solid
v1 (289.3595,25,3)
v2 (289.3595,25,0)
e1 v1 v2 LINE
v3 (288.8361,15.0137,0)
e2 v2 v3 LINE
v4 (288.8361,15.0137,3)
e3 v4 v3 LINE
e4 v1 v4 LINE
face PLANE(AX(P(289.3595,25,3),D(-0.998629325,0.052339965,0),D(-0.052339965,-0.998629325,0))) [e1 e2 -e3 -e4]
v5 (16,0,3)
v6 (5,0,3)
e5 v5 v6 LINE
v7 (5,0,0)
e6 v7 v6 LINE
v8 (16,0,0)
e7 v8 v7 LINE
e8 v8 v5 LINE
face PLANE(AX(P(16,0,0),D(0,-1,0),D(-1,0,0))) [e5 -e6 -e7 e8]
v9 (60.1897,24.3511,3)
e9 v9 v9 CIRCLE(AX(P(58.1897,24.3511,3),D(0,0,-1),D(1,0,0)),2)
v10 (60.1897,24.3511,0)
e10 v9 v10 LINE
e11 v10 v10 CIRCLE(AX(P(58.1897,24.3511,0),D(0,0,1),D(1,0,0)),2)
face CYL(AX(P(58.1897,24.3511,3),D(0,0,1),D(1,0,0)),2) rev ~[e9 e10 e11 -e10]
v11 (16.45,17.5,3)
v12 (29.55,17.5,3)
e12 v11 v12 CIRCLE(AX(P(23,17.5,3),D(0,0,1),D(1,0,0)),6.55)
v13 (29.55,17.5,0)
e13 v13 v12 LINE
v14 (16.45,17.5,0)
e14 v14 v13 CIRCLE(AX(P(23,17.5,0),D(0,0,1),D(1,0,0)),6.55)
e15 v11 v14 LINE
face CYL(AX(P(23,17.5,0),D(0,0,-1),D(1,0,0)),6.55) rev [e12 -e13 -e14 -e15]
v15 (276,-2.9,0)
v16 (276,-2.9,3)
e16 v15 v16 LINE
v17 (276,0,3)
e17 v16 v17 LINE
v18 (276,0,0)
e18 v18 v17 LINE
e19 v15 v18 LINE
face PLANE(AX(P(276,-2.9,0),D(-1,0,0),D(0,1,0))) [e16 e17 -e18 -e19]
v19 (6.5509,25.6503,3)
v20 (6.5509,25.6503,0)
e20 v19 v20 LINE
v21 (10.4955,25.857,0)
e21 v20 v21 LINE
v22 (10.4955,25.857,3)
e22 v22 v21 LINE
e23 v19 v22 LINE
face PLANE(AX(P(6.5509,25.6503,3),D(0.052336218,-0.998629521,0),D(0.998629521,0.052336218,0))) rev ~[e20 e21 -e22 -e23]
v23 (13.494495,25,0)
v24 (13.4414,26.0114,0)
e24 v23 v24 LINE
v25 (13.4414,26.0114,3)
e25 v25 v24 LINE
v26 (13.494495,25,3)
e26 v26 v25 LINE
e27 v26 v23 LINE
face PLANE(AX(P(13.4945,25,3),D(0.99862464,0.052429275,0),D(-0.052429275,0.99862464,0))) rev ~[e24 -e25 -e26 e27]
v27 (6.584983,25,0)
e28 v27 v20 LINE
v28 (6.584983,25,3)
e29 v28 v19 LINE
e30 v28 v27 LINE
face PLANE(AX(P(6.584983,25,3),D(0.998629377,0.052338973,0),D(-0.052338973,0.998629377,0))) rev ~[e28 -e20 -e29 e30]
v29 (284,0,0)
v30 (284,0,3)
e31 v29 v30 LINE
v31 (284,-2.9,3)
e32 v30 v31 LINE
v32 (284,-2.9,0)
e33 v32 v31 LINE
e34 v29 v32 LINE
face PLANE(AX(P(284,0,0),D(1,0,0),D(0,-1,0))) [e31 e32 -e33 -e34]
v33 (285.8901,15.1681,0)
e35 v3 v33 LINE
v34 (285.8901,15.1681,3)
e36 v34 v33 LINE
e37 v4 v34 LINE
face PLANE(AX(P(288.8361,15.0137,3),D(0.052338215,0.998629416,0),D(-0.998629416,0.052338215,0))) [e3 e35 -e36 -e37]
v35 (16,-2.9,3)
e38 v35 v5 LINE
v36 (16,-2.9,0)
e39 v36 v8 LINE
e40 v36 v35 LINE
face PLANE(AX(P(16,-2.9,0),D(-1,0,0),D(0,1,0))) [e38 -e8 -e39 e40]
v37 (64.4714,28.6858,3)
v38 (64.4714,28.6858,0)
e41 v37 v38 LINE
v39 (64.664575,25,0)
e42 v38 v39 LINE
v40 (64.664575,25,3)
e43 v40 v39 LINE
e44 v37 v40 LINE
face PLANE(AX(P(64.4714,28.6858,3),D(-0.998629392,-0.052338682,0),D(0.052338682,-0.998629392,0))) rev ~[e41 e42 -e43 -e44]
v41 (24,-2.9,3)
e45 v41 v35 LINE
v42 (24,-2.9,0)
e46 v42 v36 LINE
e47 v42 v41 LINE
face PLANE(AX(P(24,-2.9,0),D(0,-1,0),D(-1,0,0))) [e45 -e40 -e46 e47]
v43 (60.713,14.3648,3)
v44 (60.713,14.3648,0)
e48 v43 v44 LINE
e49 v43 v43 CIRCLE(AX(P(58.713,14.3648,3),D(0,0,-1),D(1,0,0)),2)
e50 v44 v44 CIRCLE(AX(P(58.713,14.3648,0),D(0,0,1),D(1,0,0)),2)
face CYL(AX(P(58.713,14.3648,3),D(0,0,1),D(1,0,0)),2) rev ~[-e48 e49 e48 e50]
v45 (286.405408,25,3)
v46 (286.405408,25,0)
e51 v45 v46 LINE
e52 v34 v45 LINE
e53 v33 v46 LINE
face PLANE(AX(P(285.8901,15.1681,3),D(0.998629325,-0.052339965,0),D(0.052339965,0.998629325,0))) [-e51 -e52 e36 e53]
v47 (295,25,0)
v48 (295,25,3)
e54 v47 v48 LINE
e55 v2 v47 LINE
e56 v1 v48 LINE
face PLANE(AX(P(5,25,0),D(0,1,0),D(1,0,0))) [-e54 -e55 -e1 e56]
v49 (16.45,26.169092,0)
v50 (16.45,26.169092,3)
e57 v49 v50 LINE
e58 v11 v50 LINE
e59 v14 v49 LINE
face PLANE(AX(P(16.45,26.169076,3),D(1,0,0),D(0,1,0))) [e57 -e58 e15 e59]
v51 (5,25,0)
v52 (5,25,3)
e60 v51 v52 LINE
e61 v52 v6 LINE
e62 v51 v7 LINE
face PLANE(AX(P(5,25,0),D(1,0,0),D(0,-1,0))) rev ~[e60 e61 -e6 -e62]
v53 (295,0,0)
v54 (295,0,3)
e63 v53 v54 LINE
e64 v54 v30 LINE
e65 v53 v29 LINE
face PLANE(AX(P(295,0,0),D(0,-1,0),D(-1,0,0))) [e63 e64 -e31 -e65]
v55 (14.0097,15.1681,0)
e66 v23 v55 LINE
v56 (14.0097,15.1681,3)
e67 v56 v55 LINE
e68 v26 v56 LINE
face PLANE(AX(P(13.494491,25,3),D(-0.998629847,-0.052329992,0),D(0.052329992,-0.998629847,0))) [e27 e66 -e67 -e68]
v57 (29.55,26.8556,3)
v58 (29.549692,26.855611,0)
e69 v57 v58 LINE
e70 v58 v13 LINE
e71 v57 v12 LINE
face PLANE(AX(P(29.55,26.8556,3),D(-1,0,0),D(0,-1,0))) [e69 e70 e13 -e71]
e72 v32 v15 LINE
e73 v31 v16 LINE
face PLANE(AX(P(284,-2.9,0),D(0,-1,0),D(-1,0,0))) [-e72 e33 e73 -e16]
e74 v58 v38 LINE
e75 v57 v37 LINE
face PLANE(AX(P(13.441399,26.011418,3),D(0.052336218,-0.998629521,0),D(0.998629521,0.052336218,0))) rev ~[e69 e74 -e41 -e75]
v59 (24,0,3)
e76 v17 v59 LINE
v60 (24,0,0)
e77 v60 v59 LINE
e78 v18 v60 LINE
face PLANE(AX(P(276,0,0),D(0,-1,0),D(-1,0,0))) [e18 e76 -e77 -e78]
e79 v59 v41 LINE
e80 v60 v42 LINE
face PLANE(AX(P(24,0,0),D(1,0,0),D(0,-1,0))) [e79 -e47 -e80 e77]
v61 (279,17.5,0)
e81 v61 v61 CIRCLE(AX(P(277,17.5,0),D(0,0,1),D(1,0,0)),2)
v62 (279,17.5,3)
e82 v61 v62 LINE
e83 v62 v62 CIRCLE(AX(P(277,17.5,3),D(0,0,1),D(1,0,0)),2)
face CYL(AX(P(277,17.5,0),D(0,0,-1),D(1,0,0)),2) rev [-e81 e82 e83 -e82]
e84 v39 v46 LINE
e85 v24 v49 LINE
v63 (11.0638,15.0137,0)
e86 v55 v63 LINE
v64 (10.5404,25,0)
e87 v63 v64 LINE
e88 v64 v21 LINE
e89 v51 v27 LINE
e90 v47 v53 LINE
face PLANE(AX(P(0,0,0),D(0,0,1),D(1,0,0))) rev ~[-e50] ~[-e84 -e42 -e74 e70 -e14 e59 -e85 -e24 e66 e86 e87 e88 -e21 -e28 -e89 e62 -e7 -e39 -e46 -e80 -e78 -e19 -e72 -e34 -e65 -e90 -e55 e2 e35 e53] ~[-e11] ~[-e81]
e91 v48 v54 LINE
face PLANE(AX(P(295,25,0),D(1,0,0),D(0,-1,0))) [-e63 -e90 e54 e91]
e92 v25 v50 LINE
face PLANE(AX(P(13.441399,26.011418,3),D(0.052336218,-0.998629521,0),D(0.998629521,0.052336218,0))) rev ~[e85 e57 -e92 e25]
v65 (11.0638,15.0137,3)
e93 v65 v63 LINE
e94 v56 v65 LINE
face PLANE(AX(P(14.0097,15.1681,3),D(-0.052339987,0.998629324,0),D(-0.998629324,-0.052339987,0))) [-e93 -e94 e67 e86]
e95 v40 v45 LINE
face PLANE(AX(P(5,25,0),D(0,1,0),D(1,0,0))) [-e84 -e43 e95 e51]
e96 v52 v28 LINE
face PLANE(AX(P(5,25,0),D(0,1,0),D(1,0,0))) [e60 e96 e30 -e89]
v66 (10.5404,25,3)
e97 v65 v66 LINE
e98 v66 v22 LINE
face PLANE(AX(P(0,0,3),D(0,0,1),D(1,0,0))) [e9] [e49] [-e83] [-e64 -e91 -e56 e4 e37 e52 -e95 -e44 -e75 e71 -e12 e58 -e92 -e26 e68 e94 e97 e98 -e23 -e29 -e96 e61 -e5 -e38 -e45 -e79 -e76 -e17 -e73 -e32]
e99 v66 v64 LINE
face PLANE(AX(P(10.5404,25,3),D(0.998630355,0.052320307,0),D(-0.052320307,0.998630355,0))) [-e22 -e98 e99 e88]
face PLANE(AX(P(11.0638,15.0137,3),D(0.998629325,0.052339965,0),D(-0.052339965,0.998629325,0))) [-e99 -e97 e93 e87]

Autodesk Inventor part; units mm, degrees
ref_plane "YZ Plane" through (0, 0, 0) normal (1, 0, 0) x (0, 1, 0)
ref_plane "XZ Plane" through (0, 0, 0) normal (0, 1, 0) x (-1, 0, 0)
sketch "草圖1" plane through (0, 0, 0) normal (0, 0, 1) x (1, 0, 0)
  line L0 (0, 25) -> (300, 25)
  line L1 (300, 25) -> (300, 0)
  line L2 (300, 0) -> (0, 0)
  line L3 (0, 0) -> (0, 25)
  circle A0 centre (23, 17.5) radius 6.55
  circle A1 centre (277, 17.5) radius 2
  line L4 (16, 0) -> (24, 0)
  line L5 (24, 0) -> (24, -2.9)
  line L6 (24, -2.9) -> (16, -2.9)
  line L7 (16, -2.9) -> (16, 0)
  line L8 (276, 0) -> (284, 0)
  line L9 (284, 0) -> (284, -2.9)
  line L10 (284, -2.9) -> (276, -2.9)
  line L11 (276, -2.9) -> (276, 0)
  line L12 (0, 25) -> (5, 25)
  line L13 (5, 25) -> (5, 0)
  line L14 (5, 0) -> (0, 0)
  line L15 (0, 0) -> (0, 25)
  line L16 (300, 25) -> (295, 25)
  line L17 (295, 25) -> (295, 0)
  line L18 (295, 0) -> (300, 0)
  line L19 (300, 0) -> (300, 25)
  line L20 (24, -1.45) -> (276, -1.45) construction
  point P0 (16, -1.45)
  point P1 (284, -1.45)
  point P2 (284, 0)
  point P3 (24, 0)
  point P4 (150, -1.45)
  point P5 (150, 0)
  dimension "d0" = 300
  dimension "d1" = 25
  dimension "d2" = 7.5
  dimension "d3" = 13.1
  dimension "d4" = 23
  dimension "d5" = 23
  dimension "d6" = 7.5
  dimension "d7" = 4
  dimension "d12" = 8
  dimension "d13" = 2.9
  dimension "d14" = 8
  dimension "d30" = 5
  dimension "d31" = 5
  dimension "d32" = 252
extrude "擠出1" add sketch "草圖1" along normal blind 3 contours L0 L17 L2 L13 | L2 L5 L6 L7 | L9 L10 L11 L2
sketch "草圖2" plane through (0, 0, 3) normal (0, 0, 1) x (1, 0, 0)
  line L0 (10.5404, 25) -> (13.4864, 25.1544)
  line L1 (13.4864, 25.1544) -> (14.0097, 15.1681)
  line L2 (14.0097, 15.1681) -> (11.0638, 15.0137)
  line L3 (11.0638, 15.0137) -> (10.5404, 25)
  line L4 (295, 25) -> (5, 25) projected
  line L5 (16.048, 25) -> (29.13, 25.6856)
  line L6 (29.13, 25.6856) -> (30.1465, 6.2887)
  line L7 (30.1465, 6.2887) -> (17.0645, 5.6031)
  line L8 (17.0645, 5.6031) -> (16.048, 25)
  circle A0 centre (23, 17.5) radius 6.55 projected
  line L9 (14.0097, 15.1681) -> (16.5562, 15.3016)
  line L10 (286.4135, 25.1544) -> (289.3595, 25)
  line L11 (289.3595, 25) -> (288.8361, 15.0137)
  line L12 (288.8361, 15.0137) -> (285.8901, 15.1681)
  line L13 (285.8901, 15.1681) -> (286.4135, 25.1544)
  line L14 (275.2453, 22.2337) -> (279.2399, 22.0243)
  line L15 (279.2399, 22.0243) -> (278.6818, 11.3762)
  line L16 (278.6818, 11.3762) -> (274.6873, 11.5855)
  line L17 (274.6873, 11.5855) -> (275.2453, 22.2337)
  circle A1 centre (277, 17.5) radius 2 projected
  line L18 (285.8901, 15.1681) -> (278.8997, 15.5344)
  point P0 (0, 0)
  point P1 (300, 25)
  point P2 (0, 25)
  point P3 (286.4054, 25)
  point P4 (13.4945, 25)
  dimension "d16" = 2.95
  dimension "d18" = 10
  dimension "d19" = 87
  dimension "d20" = 87
  dimension "d22" = 87
  dimension "d23" = 87
  dimension "d24" = 2.95
  dimension "d25" = 10
  dimension "d33" = 9.1
  dimension "d34" = 9
extrude "擠出2" cut sketch "草圖2" against normal up to surface (3 mm away) contours L4 L11 L12 L13 | L4 L1 L2 L3
sketch "草圖7" plane through (0, 0, 3) normal (0, 0, 1) x (1, 0, 0)
  line L0 (64.4714, 28.6858) -> (65.4135, 10.7104)
  line L1 (65.4135, 10.7104) -> (7.493, 7.675)
  line L2 (7.493, 7.675) -> (6.5509, 25.6503)
  line L3 (6.5509, 25.6503) -> (64.4714, 28.6858)
  line L4 (13.4945, 25) -> (14.0097, 15.1681) projected
  circle A0 centre (23, 17.5) radius 6.55 projected
  line L5 (285.8901, 15.1681) -> (286.4054, 25) projected
  line L6 (286.4054, 25) -> (13.4945, 25) projected
  line L7 (13.4945, 25) -> (14.0097, 15.1681) projected
  line L8 (14.0097, 15.1681) -> (11.0638, 15.0137) projected
  line L9 (11.0638, 15.0137) -> (10.5404, 25) projected
  line L10 (10.5404, 25) -> (5, 25) projected
  line L11 (5, 25) -> (5, 0) projected
  line L12 (5, 0) -> (16, 0) projected
  line L13 (16, 0) -> (16, -2.9) projected
  line L14 (16, -2.9) -> (24, -2.9) projected
  line L15 (24, -2.9) -> (24, 0) projected
  line L16 (24, 0) -> (276, 0) projected
  line L17 (276, 0) -> (276, -2.9) projected
  line L18 (276, -2.9) -> (284, -2.9) projected
  line L19 (284, -2.9) -> (284, 0) projected
  line L20 (284, 0) -> (295, 0) projected
  line L21 (295, 0) -> (295, 25) projected
  line L22 (295, 25) -> (289.3595, 25) projected
  line L23 (289.3595, 25) -> (288.8361, 15.0137) projected
  line L24 (288.8361, 15.0137) -> (285.8901, 15.1681) projected
  circle A1 centre (23, 17.5) radius 6.55 projected
  circle A2 centre (277, 17.5) radius 2 projected
  line L25 (13.4945, 25) -> (13.4414, 26.0114)
  line L26 (10.5404, 25) -> (11.0638, 15.0137) projected
  line L27 (10.5404, 25) -> (10.4955, 25.857)
  point P0 (0, 0)
  point P1 (64.6646, 25)
  point P2 (6.585, 25)
  dimension "d50" = 42
  dimension "d51" = 16
  dimension "d52" = 18
  dimension "d53" = 9
extrude "擠出5" add sketch "草圖7" against normal up to surface (3 mm away) contours L0 L6 L25 L3 | L27 L10 L2 L3
sketch "草圖9" plane through (0, 0, 3) normal (0, 0, 1) x (1, 0, 0)
  line L0 (10.4955, 25.857) -> (6.5509, 25.6503) projected
  line L1 (6.5509, 25.6503) -> (64.4714, 28.6858)
  line L2 (64.4714, 28.6858) -> (65.4135, 10.7104)
  line L3 (65.4135, 10.7104) -> (7.493, 7.675)
  line L4 (7.493, 7.675) -> (6.5509, 25.6503)
  circle A0 centre (58.1897, 24.3511) radius 2
  circle A1 centre (58.713, 14.3648) radius 2
  line L5 (58.1897, 24.3511) -> (58.713, 14.3648)
  line L6 (58.4513, 19.3579) -> (64.9424, 19.6981)
  circle A2 centre (23, 17.5) radius 6.55 projected
  point P0 (0, 0)
  dimension "d60" = 18
  dimension "d64" = 4
  dimension "d66" = 6.5
  dimension "d67" = 10
extrude "擠出6" cut sketch "草圖9" against normal up to surface (3 mm away) contours A1 | A0
sketch "草圖11" plane through (0, 0, 3) normal (0, 0, 1) x (1, 0, 0)
  line L0 (16.45, 26.8556) -> (29.55, 26.8556)
  line L1 (29.55, 26.8556) -> (29.55, 17.5)
  line L2 (29.55, 17.5) -> (16.45, 17.5)
  line L3 (16.45, 17.5) -> (16.45, 26.8556)
  circle A0 centre (23, 17.5) radius 6.55 projected
  line L4 (64.4714, 28.6858) -> (13.4414, 26.0114) projected
  point P0 (0, 0)
  dimension "d74" = 13.1
extrude "擠出7" cut sketch "草圖11" against normal blind 10 contours L0 L4 L3 | L1 A0 L3 L4 | L2 A0 picked at (21.0033, 19.0372)
ref_plane "工作平面2" through (150, 0, 0) normal (-1, 0, 0) x (0, 0, 1)
mirror "鏡射2" [suppressed]
sketch "草圖12" plane through (0, 0, 3) normal (0, 0, 1) x (1, 0, 0)
  arc A0 (279, 17.5) -> (279, 17.5) centre (277, 17.5) ccw projected
  line L0 (279, 17.5) -> (283.55, 17.5)
  circle A1 centre (277, 17.5) radius 6.55
  point P0 (0, 0)
extrude "擠出8" [suppressed]
sketch "草圖10" plane through (0, 0, 3) normal (0, 0, 1) x (1, 0, 0)
  line L0 (285.8901, 15.1681) -> (286.4054, 25) projected
  line L1 (286.4054, 25) -> (64.6646, 25) projected
  line L2 (14.0097, 15.1681) -> (11.0638, 15.0137) projected
  line L3 (6.585, 25) -> (5, 25) projected
  line L4 (5, 25) -> (5, 0) projected
  line L5 (5, 0) -> (16, 0) projected
  line L6 (16, 0) -> (16, -2.9) projected
  line L7 (16, -2.9) -> (24, -2.9) projected
  line L8 (24, -2.9) -> (24, 0) projected
  line L9 (24, 0) -> (276, 0) projected
  line L10 (276, 0) -> (276, -2.9) projected
  line L11 (276, -2.9) -> (284, -2.9) projected
  line L12 (284, -2.9) -> (284, 0) projected
  line L13 (284, 0) -> (295, 0) projected
  line L14 (295, 0) -> (295, 25) projected
  line L15 (295, 25) -> (289.3595, 25) projected
  line L16 (289.3595, 25) -> (288.8361, 15.0137) projected
  line L17 (288.8361, 15.0137) -> (285.8901, 15.1681) projected
  arc A0 (16.45, 17.5) -> (29.55, 17.5) centre (23, 17.5) ccw projected
  circle A1 centre (277, 17.5) radius 2 projected
  line L18 (13.4414, 26.0114) -> (14.0097, 15.1681) projected
  line L19 (11.0638, 15.0137) -> (10.4955, 25.857) projected
  line L20 (64.6646, 25) -> (64.4714, 28.6858) projected
  line L21 (64.4714, 28.6858) -> (29.55, 26.8556) projected
  line L22 (10.4955, 25.857) -> (6.5509, 25.6503) projected
  line L23 (6.5509, 25.6503) -> (6.585, 25) projected
  line L24 (29.55, 26.8556) -> (29.55, 17.5) projected
  line L25 (16.45, 17.5) -> (16.45, 26.1691) projected
  line L26 (16.45, 26.1691) -> (13.4414, 26.0114) projected
  point P0 (0, 0)
equation "\"d20\" = d19"
equation "\"d22\" = d23"
